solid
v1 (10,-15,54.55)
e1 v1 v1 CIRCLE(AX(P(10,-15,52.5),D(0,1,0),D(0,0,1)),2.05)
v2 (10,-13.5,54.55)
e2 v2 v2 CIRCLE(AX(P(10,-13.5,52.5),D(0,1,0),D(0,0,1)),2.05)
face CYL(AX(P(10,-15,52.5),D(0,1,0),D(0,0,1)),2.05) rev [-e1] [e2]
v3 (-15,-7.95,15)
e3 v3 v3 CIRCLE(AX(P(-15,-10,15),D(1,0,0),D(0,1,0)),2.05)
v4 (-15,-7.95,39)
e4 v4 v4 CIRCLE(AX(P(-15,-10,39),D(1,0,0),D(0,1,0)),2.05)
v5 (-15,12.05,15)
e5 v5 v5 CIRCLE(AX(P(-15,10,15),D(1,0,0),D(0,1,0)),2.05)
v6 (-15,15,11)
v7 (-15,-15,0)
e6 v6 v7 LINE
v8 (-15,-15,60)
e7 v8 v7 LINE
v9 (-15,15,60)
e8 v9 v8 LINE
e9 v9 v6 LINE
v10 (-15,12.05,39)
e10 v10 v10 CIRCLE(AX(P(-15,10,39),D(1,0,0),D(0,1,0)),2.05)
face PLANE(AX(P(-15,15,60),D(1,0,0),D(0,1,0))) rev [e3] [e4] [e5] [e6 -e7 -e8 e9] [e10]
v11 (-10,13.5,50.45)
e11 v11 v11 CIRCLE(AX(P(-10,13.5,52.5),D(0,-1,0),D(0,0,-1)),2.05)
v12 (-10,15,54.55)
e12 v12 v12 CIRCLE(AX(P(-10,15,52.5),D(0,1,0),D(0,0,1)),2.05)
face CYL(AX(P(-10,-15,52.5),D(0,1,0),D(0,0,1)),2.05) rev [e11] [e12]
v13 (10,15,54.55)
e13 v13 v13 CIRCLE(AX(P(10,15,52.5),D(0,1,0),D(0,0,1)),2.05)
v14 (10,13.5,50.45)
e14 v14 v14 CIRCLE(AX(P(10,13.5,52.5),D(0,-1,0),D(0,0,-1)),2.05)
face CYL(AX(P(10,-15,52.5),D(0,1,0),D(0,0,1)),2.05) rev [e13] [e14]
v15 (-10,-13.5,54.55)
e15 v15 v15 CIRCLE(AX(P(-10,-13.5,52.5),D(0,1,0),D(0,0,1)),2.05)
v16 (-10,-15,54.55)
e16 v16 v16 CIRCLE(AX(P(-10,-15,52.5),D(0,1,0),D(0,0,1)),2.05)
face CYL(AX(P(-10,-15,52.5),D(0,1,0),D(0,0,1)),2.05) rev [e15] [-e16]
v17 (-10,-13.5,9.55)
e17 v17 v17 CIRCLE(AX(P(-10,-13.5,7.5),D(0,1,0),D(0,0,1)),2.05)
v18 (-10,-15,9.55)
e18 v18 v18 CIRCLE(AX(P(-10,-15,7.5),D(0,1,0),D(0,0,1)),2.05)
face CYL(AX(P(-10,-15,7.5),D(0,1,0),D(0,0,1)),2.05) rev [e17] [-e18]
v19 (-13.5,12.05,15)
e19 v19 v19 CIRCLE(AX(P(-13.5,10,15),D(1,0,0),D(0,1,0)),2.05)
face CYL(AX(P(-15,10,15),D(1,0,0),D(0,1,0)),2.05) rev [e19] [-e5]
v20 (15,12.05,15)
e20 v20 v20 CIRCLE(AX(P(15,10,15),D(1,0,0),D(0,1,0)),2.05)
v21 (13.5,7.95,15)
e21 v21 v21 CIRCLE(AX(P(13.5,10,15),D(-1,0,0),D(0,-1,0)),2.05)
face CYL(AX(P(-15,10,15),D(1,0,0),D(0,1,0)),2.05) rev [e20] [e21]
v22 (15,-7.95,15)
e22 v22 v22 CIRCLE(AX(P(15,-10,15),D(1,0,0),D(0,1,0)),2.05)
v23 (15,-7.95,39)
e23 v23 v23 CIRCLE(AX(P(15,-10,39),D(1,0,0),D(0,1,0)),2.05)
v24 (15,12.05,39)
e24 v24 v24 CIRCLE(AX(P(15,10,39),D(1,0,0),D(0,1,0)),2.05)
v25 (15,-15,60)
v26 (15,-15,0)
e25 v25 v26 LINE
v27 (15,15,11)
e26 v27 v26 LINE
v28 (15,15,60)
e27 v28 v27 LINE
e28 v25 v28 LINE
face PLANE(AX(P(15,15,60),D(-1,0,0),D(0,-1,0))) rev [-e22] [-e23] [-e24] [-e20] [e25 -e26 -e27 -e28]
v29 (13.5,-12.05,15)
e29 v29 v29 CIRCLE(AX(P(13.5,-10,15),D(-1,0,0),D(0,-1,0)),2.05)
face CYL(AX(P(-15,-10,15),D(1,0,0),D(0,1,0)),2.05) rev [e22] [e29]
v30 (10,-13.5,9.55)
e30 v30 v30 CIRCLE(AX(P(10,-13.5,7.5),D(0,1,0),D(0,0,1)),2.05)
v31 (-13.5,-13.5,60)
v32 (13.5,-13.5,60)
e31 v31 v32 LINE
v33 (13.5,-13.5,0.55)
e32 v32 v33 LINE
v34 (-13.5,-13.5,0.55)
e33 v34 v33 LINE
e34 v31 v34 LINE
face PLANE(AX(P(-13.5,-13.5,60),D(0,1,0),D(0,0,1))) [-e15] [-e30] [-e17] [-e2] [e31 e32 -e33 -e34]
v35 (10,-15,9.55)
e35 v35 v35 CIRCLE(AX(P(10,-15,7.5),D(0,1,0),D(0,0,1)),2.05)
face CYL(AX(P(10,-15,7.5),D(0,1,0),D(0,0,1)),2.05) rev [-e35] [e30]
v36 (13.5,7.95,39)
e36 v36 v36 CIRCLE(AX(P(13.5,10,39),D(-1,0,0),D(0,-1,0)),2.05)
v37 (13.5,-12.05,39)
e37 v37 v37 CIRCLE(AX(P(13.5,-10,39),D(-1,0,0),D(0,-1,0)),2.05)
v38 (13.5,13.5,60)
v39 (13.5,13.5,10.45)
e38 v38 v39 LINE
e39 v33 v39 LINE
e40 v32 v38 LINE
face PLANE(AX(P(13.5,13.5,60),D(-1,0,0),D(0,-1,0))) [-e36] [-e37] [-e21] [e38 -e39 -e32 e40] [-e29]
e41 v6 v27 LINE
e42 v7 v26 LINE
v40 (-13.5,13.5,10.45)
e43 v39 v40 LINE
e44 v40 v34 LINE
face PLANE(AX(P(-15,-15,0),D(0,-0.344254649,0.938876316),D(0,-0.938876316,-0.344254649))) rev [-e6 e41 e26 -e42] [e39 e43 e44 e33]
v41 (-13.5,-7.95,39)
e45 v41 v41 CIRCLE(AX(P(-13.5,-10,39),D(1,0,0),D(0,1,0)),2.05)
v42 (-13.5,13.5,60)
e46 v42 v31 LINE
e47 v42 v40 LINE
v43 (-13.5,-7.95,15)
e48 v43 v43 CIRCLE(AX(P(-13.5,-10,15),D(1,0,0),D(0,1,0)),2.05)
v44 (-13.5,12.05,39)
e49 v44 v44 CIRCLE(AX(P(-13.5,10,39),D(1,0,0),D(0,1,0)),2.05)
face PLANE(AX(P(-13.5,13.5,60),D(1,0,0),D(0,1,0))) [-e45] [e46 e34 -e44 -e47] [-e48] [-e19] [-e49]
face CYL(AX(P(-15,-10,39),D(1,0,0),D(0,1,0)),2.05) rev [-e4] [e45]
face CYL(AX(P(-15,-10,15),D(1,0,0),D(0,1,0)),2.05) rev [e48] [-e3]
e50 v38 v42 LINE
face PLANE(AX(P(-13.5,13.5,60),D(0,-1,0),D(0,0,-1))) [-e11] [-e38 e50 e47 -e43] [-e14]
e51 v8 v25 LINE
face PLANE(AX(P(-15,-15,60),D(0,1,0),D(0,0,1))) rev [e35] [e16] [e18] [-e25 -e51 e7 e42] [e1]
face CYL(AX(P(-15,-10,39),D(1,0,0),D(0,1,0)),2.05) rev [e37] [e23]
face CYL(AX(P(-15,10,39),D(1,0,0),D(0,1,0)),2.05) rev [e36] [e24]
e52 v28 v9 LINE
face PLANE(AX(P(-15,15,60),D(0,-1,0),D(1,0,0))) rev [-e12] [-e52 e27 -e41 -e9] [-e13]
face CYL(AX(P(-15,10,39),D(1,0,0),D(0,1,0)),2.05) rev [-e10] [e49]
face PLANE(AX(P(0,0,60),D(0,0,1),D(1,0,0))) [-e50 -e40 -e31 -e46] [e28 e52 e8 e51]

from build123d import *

# Parameters (mm, degrees)
SKETCH_1_W          = 30
SKETCH_1_H          = 30
SKETCH_1_W_2        = 27
SKETCH_1_H_2        = 27
EXTRUDE_1_DEPTH     = 60
SKETCH_2_R          = 2.05
CUT_EXTRUDE_1_DEPTH = 69.738635424
SKETCH_3_R          = 2.05
CUT_EXTRUDE_2_DEPTH = 69.738635424
CUT_EXTRUDE_4_DEPTH = 69.738635424


with BuildPart() as part:
    # 草图1 → 凸台-拉伸1 (new body)
    with BuildSketch(Plane.XY):
        Rectangle(SKETCH_1_W, SKETCH_1_H)
        Rectangle(SKETCH_1_W_2, SKETCH_1_H_2, mode=Mode.SUBTRACT)
    extrude(amount=EXTRUDE_1_DEPTH)

    # 草图2 → 切除-拉伸1 (cut, through all)
    with BuildSketch(Plane(origin=(0, 15, 0), x_dir=(1, 0, 0), z_dir=(0, 1, 0))):
        with Locations(Location((-10, -7.5, 0), (0, 0, 270))):
            Circle(SKETCH_2_R)
        with Locations(Location((10, -7.5, 0), (0, 0, 270))):
            Circle(SKETCH_2_R)
        with Locations(Location((-10, -52.5, 0), (0, 0, 270))):
            Circle(SKETCH_2_R)
        with Locations(Location((10, -52.5, 0), (0, 0, 270))):
            Circle(SKETCH_2_R)
    extrude(amount=-CUT_EXTRUDE_1_DEPTH, mode=Mode.SUBTRACT)

    # 草图3 → 切除-拉伸2 (cut, through all)
    with BuildSketch(Plane(origin=(15, 0, 0), x_dir=(0, 0, -1), z_dir=(1, 0, 0))):
        with Locations(Location((-39, 10, 0), (0, 0, 90))):
            Circle(SKETCH_3_R)
        with Locations(Location((-39, -10, 0), (0, 0, 90))):
            Circle(SKETCH_3_R)
        with Locations(Location((-15, -10, 0), (0, 0, 90))):
            Circle(SKETCH_3_R)
        with Locations(Location((-15, 10, 0), (0, 0, 90))):
            Circle(SKETCH_3_R)
    extrude(amount=-CUT_EXTRUDE_2_DEPTH, mode=Mode.SUBTRACT)

    # 草图5 → 切除-拉伸4 (cut, through all)
    with BuildSketch(Plane(origin=(15, 0, 0), x_dir=(0, 0, -1), z_dir=(1, 0, 0))):
        Polygon((0, -15), (-11, 15), (0, 15), align=None)
    extrude(amount=-CUT_EXTRUDE_4_DEPTH, mode=Mode.SUBTRACT)


solid = part.part
